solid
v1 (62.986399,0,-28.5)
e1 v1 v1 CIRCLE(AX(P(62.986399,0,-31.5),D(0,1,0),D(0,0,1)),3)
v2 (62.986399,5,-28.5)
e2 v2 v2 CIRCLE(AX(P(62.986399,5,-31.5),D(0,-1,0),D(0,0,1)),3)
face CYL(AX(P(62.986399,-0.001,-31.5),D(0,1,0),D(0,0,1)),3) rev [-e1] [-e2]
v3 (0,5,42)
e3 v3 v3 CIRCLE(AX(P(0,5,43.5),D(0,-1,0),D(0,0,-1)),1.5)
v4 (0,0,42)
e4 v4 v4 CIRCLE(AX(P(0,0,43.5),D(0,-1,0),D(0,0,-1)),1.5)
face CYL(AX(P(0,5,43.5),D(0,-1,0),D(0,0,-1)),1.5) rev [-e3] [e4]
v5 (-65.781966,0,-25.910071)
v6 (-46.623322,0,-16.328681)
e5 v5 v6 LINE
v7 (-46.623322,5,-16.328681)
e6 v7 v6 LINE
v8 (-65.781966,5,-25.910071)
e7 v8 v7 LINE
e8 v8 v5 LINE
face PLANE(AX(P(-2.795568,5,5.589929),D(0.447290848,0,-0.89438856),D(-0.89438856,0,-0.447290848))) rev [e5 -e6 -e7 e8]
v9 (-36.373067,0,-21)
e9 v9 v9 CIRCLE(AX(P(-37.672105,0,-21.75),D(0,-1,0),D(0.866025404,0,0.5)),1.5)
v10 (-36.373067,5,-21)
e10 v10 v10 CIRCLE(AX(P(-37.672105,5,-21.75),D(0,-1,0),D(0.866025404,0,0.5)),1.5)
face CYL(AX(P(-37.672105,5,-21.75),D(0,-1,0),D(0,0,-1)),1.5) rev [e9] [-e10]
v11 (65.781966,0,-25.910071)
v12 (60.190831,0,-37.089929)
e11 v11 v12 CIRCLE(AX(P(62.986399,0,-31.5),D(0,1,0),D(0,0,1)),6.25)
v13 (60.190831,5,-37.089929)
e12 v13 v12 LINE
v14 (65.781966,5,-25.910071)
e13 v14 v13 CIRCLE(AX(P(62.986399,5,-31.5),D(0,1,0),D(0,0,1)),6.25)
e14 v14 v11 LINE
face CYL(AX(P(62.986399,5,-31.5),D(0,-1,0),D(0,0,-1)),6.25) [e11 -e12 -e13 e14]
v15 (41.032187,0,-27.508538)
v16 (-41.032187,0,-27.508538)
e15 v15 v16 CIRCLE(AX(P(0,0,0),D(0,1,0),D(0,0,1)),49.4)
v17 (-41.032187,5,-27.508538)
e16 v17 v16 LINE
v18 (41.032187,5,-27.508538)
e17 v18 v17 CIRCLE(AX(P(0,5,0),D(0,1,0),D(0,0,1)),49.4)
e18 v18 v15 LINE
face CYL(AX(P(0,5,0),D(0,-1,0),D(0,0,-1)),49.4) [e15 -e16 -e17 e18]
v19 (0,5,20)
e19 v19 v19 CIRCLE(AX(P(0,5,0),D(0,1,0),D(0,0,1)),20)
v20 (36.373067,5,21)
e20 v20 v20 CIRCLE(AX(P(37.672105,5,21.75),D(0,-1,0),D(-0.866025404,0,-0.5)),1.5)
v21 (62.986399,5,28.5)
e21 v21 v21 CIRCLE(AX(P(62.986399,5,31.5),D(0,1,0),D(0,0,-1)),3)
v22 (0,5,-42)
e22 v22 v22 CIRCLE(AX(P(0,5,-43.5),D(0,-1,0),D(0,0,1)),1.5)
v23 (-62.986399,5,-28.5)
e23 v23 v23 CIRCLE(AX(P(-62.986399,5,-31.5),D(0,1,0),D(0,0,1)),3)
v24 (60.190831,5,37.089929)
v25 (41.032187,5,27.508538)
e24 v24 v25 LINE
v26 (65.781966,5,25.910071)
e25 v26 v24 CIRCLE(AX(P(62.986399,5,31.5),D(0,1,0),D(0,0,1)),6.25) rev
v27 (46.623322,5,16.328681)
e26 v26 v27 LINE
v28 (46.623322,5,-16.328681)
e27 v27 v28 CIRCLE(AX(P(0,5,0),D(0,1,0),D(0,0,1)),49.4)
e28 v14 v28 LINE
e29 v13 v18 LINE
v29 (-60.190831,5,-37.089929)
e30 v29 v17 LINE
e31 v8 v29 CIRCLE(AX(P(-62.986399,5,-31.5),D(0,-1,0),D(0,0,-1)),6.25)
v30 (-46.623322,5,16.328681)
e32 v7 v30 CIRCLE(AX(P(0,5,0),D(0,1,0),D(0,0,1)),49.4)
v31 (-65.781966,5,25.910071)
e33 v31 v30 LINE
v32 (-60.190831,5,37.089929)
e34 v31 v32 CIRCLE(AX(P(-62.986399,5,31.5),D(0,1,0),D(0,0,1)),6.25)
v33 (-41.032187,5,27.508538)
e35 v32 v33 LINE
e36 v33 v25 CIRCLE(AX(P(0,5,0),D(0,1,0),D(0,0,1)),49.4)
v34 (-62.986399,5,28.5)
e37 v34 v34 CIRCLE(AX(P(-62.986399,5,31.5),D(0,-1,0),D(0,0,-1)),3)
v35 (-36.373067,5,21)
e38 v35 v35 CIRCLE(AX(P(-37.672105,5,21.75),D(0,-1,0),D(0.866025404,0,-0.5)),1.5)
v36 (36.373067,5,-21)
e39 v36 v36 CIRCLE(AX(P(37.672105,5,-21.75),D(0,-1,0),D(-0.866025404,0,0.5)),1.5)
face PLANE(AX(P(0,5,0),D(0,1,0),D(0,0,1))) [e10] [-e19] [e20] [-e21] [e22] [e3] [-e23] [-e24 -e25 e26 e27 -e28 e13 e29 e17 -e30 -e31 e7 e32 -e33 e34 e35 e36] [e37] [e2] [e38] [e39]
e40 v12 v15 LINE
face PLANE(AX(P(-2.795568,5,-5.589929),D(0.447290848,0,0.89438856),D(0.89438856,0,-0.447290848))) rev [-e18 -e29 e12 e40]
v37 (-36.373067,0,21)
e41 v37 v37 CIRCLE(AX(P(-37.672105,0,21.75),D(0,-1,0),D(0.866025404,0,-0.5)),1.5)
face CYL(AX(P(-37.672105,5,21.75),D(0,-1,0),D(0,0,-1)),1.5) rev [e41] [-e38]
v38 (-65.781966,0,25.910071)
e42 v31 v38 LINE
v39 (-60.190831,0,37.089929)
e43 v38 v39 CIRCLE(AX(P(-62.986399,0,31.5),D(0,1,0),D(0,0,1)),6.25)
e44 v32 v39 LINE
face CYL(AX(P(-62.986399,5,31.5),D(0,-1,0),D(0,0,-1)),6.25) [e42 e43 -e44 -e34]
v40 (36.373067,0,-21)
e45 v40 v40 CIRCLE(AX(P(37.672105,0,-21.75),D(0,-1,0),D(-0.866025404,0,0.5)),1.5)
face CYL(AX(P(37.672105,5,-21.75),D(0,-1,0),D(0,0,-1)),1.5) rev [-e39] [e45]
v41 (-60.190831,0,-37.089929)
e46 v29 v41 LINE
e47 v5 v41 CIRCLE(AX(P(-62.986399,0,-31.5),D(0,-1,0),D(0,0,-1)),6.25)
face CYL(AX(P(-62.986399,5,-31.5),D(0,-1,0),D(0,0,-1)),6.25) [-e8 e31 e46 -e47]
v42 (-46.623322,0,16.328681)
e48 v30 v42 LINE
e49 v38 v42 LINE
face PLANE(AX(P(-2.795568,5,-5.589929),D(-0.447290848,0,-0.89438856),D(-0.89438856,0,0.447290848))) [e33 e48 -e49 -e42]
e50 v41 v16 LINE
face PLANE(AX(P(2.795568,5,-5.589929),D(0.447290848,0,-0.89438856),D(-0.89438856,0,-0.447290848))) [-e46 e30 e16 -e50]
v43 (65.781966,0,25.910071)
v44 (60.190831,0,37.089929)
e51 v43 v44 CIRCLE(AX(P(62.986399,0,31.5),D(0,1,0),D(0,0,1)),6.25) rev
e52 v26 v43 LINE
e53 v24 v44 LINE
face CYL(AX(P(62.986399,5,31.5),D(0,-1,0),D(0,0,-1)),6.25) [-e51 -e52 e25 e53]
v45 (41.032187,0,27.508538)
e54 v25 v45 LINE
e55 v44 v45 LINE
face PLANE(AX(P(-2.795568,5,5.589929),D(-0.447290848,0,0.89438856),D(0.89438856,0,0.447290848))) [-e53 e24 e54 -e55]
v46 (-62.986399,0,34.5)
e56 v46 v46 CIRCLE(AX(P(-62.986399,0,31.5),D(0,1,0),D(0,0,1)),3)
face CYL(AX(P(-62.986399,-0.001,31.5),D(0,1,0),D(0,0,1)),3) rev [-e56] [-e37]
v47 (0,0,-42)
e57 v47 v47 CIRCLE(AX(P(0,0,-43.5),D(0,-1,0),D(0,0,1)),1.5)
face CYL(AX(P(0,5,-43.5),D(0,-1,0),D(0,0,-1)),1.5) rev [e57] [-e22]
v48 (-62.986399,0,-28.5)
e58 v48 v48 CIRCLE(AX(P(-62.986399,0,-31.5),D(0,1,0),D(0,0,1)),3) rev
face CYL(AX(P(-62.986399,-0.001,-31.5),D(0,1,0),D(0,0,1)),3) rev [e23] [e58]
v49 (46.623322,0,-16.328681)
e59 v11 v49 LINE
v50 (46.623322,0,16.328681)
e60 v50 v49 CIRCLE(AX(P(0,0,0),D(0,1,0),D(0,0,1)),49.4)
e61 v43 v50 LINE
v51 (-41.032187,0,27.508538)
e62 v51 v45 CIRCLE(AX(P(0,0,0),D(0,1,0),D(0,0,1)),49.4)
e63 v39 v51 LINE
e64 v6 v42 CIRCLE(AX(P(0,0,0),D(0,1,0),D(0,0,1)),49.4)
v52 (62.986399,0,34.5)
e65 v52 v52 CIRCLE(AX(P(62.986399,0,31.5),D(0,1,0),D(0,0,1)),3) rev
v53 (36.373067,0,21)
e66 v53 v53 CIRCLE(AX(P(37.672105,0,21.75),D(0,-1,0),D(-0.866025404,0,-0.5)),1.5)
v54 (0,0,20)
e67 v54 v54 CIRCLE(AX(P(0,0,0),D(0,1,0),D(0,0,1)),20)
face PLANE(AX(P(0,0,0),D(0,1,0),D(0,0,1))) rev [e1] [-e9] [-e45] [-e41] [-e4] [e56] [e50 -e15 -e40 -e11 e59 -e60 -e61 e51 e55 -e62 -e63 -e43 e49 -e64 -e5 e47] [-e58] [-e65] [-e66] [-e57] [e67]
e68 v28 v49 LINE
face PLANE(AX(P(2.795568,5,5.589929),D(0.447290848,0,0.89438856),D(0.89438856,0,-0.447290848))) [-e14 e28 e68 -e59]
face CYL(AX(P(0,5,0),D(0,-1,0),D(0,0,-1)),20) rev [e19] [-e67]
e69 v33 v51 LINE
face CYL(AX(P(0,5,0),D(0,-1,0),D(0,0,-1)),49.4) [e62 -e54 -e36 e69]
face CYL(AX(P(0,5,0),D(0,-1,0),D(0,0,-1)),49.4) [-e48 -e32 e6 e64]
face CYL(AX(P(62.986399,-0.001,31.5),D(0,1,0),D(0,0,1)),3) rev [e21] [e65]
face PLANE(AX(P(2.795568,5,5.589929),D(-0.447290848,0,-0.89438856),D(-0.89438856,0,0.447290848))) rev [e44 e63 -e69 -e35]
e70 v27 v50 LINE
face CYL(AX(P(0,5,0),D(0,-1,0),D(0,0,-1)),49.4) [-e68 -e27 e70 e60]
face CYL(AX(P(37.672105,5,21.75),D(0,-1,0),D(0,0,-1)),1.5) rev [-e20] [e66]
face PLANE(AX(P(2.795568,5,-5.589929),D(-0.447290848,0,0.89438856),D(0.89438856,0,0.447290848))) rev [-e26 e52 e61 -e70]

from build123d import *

# Parameters (mm, degrees)
SKETCH_1_R               = 20
EXTRUDE_1_DEPTH          = 5
CUT_EXTRUDE_1_REACH      = 87.2
SKETCH_2_R               = 3
MIRROR_2_COPY_1_REACH    = 87.2
MIRROR_2_COPY_1_SKETCH_R = 3
SKETCH_3_R               = 1.5
CUT_EXTRUDE_2_DEPTH      = 86.199993462
PATTERN_CIRCULAR_1_COUNT = 6


with BuildPart() as part:
    # 草图1 → 凸台-拉伸1 (new body)
    with BuildSketch(Plane(origin=(0, 0, 0), x_dir=(1, 0, 0), z_dir=(0, 1, 0))):
        with BuildLine():
            Line((46.623322285, 16.328680875), (65.781966365, 25.910071498))
            ThreePointArc((65.781966365, 25.910071498), (68.576327064, 34.295567803), (60.190830759, 37.089928502))
            Line((60.190830759, 37.089928502), (41.03218668, 27.50853788))
            ThreePointArc((41.03218668, 27.50853788), (0, 49.4), (-41.03218668, 27.50853788))
            Line((-41.03218668, 27.50853788), (-60.190830759, 37.089928502))
            ThreePointArc((-60.190830759, 37.089928502), (-68.576327064, 34.295567803), (-65.781966365, 25.910071498))
            Line((-65.781966365, 25.910071498), (-46.623322285, 16.328680875))
            ThreePointArc((-46.623322285, 16.328680875), (-49.4, 0), (-46.623322285, -16.328680875))
            Line((-46.623322285, -16.328680875), (-65.781966365, -25.910071498))
            ThreePointArc((-65.781966365, -25.910071498), (-68.576327064, -34.295567803), (-60.190830759, -37.089928502))
            Line((-60.190830759, -37.089928502), (-41.03218668, -27.50853788))
            ThreePointArc((-41.03218668, -27.50853788), (0, -49.4), (41.03218668, -27.50853788))
            Line((41.03218668, -27.50853788), (60.190830759, -37.089928502))
            ThreePointArc((60.190830759, -37.089928502), (68.576327064, -34.295567803), (65.781966365, -25.910071498))
            Line((65.781966365, -25.910071498), (46.623322285, -16.328680875))
            ThreePointArc((46.623322285, -16.328680875), (49.4, 0), (46.623322285, 16.328680875))
        make_face()
        with Locations(Location((0, 0, 0), (0, 0, 270))):
            Circle(SKETCH_1_R, mode=Mode.SUBTRACT)
    extrude(amount=EXTRUDE_1_DEPTH)

    # 草图2 → 切除-拉伸1 (cut, up to next)
    with BuildSketch(Plane(origin=(0, 5, 0), x_dir=(1, 0, 0), z_dir=(0, 1, 0)), mode=Mode.PRIVATE) as cut_extrude_1_sk1:
        with Locations(Location((-62.986398562, 31.5, 0), (0, 0, 270))):
            Circle(SKETCH_2_R)
    cut_extrude_1_tool1 = extrude(cut_extrude_1_sk1.sketch, amount=-CUT_EXTRUDE_1_REACH, mode=Mode.PRIVATE) & part.part
    cut_extrude_1 = cut_extrude_1_tool1.solids().sort_by_distance((-62.986399, 5, -31.5))[0]
    add(cut_extrude_1, mode=Mode.SUBTRACT)

    # 镜向1: 切除-拉伸1 across plane
    add(cut_extrude_1.mirror(Plane.XY), mode=Mode.SUBTRACT)

    # 镜向2: 切除-拉伸1 across plane
    add(cut_extrude_1.mirror(Plane(origin=(0, 0, 0), x_dir=(0, 0, 1), z_dir=(1, 0, 0))), mode=Mode.SUBTRACT)

    # 镜向2 copy 1 sketch → 镜向2 copy 1 (cut, up to next)
    with BuildSketch(Plane(origin=(0, 5, 0), x_dir=(-1, 0, 0), z_dir=(0, 1, 0)), mode=Mode.PRIVATE) as mirror_2_copy_1_sk1:
        with Locations(Location((-62.986398562, 31.5, 0), (0, 0, 270))):
            Circle(MIRROR_2_COPY_1_SKETCH_R)
    mirror_2_copy_1_tool1 = extrude(mirror_2_copy_1_sk1.sketch, amount=-MIRROR_2_COPY_1_REACH, mode=Mode.PRIVATE) & part.part
    add(mirror_2_copy_1_tool1.solids().sort_by_distance((62.986399, 5, 31.5))[0], mode=Mode.SUBTRACT)

    # 草图3 → 切除-拉伸2 (cut, through all)
    with BuildSketch(Plane.XZ):
        with Locations(Location((0, 43.5, 0), (0, 0, 270))):
            Circle(SKETCH_3_R)
    cut_extrude_2 = extrude(amount=-CUT_EXTRUDE_2_DEPTH, mode=Mode.SUBTRACT)

    # 阵列(圆周)1: 切除-拉伸2 ×6 about axis
    pattern_circular_1_axis = Axis((0, 0, 0), (0, 1, 0))
    for i in range(1, PATTERN_CIRCULAR_1_COUNT):
        add(cut_extrude_2.rotate(pattern_circular_1_axis, i * 360 / PATTERN_CIRCULAR_1_COUNT), mode=Mode.SUBTRACT)


solid = part.part
